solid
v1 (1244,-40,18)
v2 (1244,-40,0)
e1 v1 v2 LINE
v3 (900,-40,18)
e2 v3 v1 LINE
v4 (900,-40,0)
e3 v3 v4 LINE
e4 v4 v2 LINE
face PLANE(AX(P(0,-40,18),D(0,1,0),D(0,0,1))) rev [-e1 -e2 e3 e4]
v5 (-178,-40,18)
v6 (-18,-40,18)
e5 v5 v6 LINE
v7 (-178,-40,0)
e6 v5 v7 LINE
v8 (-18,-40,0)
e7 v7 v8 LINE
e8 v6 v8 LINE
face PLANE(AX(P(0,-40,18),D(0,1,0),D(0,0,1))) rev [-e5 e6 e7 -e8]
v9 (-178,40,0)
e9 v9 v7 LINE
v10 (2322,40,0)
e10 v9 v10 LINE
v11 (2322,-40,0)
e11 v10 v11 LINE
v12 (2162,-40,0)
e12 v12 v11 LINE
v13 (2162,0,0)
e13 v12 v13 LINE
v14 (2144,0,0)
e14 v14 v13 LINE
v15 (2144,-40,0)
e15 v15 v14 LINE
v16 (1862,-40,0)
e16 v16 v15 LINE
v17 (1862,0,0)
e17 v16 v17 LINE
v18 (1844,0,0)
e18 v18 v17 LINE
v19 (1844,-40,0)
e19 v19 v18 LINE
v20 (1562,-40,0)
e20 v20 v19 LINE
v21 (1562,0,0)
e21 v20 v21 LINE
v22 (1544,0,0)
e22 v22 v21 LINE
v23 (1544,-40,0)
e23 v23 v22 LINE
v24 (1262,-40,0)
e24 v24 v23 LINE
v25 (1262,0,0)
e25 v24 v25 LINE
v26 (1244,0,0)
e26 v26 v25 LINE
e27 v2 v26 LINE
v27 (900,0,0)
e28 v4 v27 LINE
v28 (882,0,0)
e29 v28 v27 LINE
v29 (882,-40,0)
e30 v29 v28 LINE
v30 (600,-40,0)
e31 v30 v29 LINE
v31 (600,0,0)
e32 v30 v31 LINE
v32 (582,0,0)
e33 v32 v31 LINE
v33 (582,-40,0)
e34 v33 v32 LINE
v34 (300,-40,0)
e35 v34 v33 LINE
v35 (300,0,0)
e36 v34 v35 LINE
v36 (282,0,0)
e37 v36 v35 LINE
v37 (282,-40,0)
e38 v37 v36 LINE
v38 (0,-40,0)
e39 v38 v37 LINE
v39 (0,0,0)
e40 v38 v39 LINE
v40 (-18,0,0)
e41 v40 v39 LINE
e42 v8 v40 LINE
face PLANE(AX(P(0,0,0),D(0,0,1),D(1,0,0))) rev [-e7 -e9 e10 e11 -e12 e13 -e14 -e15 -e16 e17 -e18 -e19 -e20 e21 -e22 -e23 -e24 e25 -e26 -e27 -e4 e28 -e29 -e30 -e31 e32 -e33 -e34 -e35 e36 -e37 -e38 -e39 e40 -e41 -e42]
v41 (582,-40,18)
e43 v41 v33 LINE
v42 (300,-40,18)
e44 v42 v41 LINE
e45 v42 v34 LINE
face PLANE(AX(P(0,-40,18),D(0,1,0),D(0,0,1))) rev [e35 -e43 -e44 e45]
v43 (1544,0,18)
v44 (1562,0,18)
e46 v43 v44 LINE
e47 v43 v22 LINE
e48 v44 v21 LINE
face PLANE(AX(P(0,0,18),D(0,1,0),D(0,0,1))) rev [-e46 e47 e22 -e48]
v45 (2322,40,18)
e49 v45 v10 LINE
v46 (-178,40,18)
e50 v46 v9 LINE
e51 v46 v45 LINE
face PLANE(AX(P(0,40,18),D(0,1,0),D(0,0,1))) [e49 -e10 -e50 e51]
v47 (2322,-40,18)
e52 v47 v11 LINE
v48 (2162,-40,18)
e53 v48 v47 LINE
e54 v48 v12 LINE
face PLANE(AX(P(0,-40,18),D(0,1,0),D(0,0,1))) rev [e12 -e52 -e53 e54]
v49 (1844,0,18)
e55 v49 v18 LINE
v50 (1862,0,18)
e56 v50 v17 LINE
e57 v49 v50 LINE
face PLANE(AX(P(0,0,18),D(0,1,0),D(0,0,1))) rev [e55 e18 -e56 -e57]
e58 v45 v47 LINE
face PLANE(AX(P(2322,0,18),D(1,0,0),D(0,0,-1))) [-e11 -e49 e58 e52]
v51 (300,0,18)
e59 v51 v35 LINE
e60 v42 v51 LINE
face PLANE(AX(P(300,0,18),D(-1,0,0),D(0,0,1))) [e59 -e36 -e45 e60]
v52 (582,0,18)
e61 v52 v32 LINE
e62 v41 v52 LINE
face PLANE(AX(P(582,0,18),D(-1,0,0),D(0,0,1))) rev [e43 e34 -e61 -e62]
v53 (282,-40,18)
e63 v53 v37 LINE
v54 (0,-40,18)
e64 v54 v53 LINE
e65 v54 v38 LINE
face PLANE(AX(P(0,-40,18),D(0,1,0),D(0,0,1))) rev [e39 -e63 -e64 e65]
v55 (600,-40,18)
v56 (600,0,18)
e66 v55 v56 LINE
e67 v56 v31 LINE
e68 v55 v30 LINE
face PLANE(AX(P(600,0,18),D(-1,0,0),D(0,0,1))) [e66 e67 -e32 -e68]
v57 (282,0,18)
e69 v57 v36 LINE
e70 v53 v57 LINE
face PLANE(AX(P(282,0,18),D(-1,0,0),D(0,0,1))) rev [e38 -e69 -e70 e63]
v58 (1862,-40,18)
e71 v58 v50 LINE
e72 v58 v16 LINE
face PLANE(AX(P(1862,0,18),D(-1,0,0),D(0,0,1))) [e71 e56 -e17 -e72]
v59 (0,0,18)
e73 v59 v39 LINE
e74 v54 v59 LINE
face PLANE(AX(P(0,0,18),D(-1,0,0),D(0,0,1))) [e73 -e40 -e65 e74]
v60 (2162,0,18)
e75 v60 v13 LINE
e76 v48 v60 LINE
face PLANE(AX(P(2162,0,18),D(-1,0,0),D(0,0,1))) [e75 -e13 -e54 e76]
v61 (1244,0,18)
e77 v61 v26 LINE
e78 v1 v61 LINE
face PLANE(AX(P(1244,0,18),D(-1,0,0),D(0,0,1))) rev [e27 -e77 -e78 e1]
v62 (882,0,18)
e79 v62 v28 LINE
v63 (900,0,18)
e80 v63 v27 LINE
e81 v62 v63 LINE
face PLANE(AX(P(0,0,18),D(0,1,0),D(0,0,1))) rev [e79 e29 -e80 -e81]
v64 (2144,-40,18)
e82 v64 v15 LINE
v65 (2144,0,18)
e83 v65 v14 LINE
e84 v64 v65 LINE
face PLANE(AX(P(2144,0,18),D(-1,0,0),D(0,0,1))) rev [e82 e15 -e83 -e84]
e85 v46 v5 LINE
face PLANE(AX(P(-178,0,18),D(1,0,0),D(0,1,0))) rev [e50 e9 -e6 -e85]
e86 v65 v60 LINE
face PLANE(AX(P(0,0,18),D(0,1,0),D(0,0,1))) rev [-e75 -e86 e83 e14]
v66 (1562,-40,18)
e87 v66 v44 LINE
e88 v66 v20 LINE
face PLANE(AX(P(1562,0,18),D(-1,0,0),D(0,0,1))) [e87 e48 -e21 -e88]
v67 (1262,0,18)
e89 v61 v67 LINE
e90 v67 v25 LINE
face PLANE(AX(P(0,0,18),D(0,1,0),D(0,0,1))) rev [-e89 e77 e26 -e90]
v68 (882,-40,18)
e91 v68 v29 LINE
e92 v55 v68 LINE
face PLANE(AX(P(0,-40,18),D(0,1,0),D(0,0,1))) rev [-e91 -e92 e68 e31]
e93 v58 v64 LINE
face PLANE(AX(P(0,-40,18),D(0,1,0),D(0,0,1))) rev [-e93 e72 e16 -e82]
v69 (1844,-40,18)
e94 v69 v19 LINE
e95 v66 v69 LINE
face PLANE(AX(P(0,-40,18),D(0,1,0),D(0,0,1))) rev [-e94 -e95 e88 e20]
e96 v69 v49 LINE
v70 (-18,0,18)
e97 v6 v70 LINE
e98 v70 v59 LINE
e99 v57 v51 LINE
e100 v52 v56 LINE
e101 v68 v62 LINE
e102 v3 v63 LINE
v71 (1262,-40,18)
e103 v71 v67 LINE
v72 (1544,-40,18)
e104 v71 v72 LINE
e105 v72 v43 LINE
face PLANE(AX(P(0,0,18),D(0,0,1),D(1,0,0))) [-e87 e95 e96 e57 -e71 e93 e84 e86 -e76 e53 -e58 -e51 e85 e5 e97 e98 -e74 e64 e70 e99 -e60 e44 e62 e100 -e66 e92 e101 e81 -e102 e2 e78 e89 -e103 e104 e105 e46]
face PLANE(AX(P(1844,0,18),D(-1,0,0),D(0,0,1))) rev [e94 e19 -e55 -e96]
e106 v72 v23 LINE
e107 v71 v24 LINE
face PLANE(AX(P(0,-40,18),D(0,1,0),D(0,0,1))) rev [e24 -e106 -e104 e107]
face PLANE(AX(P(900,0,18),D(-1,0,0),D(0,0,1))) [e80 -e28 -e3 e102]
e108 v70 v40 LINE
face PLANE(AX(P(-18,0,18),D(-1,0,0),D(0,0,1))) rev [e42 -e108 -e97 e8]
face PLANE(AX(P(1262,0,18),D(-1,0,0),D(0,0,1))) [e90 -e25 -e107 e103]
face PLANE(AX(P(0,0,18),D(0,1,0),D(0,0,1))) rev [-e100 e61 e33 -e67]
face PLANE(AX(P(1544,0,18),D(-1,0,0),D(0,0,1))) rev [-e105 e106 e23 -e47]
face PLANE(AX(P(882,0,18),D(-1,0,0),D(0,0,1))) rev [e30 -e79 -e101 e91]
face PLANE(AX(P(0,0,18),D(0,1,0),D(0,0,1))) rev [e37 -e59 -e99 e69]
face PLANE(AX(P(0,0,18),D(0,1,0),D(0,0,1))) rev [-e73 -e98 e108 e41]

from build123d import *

# Parameters (mm, degrees)
BOSS_EXTRUDE1_DEPTH = 18


with BuildPart() as part:
    # Sketch1 → Boss-Extrude1 (new body)
    with BuildSketch(Plane.XY):
        Polygon((2322, 40), (-178, 40), (-178, -40), (-18, -40), (-18, 0), (0, 0), (0, -40), (282, -40), (282, 0), (300, 0), (300, -40), (582, -40), (582, 0), (600, 0), (600, -40), (882, -40), (882, 0), (900, 0), (900, -40), (1244, -40), (1244, 0), (1262, 0), (1262, -40), (1544, -40), (1544, 0), (1562, 0), (1562, -40), (1844, -40), (1844, 0), (1862, 0), (1862, -40), (2144, -40), (2144, 0), (2162, 0), (2162, -40), (2322, -40), align=None)
    extrude(amount=BOSS_EXTRUDE1_DEPTH)


solid = part.part
